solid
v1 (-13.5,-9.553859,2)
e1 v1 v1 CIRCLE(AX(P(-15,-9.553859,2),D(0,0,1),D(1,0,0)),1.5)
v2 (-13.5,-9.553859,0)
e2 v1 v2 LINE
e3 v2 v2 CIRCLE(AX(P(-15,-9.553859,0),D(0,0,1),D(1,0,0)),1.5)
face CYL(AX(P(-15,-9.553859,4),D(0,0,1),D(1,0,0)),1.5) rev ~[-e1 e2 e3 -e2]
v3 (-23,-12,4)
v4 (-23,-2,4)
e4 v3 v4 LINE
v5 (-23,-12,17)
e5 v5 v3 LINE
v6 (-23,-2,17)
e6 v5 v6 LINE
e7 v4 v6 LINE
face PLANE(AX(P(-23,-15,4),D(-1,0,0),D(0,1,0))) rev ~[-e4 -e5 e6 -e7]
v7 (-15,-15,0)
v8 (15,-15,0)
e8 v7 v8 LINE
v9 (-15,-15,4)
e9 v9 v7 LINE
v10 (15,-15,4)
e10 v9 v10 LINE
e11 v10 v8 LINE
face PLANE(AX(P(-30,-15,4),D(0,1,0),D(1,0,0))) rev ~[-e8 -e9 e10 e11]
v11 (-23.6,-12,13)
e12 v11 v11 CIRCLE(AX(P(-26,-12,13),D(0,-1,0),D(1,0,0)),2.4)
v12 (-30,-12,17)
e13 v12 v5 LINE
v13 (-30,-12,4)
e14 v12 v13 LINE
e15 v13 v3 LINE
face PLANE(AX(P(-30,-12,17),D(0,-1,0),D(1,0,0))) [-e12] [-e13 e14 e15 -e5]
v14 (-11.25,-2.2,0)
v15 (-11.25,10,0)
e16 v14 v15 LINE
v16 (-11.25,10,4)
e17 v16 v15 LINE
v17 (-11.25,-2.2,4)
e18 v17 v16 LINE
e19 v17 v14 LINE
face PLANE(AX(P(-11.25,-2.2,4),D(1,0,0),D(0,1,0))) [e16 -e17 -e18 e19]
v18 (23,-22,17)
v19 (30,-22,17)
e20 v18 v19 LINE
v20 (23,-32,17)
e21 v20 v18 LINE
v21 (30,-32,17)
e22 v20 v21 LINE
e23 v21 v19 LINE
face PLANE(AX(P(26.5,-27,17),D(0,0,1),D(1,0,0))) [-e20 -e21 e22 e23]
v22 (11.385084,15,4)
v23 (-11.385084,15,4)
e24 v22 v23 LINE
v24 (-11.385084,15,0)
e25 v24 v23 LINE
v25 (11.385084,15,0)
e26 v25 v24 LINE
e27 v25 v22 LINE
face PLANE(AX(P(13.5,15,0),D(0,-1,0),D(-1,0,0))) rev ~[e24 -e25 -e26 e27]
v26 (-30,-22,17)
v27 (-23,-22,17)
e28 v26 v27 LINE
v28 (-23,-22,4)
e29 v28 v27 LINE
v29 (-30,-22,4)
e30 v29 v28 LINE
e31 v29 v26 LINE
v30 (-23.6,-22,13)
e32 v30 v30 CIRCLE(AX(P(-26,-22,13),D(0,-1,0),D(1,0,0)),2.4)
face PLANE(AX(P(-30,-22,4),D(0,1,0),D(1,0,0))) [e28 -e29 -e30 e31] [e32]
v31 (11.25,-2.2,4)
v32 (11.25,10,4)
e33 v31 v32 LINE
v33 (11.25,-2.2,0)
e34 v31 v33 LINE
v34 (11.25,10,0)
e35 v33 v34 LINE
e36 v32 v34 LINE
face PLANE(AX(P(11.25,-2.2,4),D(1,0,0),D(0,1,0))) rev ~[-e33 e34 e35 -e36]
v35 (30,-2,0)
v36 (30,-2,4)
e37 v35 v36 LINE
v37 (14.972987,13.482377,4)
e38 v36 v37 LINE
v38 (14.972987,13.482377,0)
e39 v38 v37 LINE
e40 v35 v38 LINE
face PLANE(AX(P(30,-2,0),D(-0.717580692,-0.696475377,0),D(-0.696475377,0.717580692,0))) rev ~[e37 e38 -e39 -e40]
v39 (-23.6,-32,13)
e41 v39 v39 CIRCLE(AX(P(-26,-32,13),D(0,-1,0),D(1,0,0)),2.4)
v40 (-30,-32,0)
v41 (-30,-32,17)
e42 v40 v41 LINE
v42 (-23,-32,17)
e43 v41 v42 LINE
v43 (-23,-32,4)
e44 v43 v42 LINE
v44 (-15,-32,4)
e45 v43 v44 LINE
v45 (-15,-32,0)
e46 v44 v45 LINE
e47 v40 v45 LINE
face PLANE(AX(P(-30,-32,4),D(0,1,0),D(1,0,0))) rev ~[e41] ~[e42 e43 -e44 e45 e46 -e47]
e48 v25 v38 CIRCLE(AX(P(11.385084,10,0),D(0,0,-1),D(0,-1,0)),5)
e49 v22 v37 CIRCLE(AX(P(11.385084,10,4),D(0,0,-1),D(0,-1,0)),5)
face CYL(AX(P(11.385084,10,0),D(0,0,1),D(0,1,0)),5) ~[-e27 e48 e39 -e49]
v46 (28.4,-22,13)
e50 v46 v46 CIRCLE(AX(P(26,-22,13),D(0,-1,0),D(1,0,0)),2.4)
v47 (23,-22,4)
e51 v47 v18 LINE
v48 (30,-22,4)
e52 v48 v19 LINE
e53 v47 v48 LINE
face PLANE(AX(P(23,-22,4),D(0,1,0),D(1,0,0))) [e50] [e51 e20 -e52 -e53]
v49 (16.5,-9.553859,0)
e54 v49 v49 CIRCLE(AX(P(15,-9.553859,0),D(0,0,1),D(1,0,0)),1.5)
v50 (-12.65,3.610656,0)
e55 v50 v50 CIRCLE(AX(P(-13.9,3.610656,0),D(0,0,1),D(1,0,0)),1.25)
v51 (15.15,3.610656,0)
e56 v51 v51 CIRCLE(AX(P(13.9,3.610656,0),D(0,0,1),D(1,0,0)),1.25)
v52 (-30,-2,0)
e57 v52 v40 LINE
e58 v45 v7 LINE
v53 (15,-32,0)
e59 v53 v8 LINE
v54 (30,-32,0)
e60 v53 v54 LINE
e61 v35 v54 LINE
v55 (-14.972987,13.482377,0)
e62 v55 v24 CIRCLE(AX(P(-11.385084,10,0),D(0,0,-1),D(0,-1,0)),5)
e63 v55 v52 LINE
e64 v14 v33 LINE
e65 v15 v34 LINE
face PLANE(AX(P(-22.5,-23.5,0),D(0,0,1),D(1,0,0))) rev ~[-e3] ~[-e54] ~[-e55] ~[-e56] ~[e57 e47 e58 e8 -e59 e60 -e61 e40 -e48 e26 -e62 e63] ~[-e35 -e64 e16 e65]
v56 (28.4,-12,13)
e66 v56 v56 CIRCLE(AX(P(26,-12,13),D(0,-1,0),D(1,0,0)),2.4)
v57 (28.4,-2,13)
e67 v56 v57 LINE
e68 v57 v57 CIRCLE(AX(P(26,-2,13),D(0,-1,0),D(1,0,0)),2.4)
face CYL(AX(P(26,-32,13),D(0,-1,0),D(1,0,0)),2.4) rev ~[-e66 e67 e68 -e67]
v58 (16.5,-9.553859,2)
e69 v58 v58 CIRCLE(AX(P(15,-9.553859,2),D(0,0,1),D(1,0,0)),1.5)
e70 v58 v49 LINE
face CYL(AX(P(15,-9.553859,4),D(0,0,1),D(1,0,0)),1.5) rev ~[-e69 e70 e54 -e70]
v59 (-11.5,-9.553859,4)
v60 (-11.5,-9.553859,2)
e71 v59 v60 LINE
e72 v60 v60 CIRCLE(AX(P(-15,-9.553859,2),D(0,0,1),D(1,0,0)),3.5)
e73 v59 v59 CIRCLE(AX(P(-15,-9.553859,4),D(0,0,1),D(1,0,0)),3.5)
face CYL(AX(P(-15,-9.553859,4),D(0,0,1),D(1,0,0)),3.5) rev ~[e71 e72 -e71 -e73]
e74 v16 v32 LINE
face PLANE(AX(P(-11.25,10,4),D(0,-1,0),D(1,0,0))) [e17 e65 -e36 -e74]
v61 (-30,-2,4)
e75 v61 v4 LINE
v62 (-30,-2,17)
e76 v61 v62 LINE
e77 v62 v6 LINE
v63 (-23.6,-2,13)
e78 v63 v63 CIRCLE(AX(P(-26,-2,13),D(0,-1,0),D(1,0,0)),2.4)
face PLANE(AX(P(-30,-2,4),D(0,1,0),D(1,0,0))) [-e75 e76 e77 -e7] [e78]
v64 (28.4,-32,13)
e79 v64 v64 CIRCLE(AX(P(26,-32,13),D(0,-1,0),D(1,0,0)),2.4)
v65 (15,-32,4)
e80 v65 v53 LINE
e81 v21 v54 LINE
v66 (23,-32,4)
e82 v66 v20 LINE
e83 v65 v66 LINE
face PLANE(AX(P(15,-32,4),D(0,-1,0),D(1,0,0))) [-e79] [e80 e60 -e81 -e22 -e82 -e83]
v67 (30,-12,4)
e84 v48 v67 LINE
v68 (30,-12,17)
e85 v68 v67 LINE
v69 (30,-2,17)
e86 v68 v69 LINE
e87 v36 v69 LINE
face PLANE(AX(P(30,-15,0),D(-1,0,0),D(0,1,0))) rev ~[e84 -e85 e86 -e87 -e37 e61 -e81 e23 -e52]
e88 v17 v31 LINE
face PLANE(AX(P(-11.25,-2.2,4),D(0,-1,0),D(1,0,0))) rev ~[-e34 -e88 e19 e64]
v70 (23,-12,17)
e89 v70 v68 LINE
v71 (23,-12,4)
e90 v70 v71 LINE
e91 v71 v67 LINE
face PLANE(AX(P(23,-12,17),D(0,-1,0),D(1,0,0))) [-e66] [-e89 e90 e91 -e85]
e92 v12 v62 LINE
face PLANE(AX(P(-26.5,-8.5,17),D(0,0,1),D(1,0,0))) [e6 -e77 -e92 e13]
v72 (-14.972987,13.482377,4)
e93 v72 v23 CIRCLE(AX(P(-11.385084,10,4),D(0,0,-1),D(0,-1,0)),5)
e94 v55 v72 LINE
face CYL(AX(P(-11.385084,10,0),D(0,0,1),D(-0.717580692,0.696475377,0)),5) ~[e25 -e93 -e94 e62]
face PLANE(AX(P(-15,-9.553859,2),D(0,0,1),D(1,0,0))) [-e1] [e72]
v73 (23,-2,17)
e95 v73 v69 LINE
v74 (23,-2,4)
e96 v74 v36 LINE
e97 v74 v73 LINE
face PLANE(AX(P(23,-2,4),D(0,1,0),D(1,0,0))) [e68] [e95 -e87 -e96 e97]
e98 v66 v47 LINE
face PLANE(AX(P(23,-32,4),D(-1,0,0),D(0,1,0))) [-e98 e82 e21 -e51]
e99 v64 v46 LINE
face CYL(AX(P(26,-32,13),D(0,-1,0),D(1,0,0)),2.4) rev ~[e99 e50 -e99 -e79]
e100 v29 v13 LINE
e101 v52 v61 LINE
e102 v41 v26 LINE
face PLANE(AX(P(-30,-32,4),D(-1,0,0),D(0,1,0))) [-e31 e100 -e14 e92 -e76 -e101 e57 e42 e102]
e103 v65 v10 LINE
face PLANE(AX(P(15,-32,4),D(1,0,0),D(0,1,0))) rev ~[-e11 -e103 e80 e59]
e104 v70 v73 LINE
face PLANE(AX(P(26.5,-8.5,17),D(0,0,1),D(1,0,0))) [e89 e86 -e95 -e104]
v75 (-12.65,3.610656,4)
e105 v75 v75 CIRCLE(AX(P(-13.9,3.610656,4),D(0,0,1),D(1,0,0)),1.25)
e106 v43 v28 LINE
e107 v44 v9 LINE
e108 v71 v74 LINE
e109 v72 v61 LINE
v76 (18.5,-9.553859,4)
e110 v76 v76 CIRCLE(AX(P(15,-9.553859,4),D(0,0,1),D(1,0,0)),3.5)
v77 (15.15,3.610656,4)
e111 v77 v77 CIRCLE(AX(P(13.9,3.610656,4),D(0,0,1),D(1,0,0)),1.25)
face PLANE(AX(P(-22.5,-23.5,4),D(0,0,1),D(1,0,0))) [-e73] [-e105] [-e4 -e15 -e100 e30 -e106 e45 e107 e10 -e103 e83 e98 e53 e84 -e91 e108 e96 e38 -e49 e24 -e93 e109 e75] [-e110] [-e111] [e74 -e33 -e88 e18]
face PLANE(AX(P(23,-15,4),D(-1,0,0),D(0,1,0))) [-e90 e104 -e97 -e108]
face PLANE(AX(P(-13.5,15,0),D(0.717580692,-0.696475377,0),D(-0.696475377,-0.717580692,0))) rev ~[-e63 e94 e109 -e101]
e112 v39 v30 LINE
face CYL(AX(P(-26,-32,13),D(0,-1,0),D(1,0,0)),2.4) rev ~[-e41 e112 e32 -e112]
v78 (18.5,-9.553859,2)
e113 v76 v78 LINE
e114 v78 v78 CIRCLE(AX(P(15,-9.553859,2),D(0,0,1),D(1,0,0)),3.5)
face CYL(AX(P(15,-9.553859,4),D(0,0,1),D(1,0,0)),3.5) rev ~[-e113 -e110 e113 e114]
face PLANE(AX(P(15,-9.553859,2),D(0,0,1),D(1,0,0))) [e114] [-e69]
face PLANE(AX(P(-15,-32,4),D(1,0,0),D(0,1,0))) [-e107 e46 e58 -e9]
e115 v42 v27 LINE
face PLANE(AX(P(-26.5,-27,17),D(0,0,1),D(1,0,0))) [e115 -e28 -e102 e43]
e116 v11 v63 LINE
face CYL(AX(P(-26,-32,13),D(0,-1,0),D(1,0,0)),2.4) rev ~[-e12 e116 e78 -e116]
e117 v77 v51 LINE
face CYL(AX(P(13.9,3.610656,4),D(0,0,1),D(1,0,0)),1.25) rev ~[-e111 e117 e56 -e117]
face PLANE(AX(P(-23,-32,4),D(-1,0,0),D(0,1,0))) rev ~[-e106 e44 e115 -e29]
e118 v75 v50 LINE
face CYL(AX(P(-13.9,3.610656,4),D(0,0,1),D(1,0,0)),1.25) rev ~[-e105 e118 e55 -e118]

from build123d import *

# Parameters (mm, degrees)
EXTRUDE_1_DEPTH          = 4
SKETCH_2_R               = 1.25
SKETCH_2_R_2             = 1.5
SKETCH_2_W               = 22.5
SKETCH_2_H               = 12.2
CUT_EXTRUDE_1_DEPTH      = 5
SKETCH_3_W               = 7
SKETCH_3_H               = 13
EXTRUDE_2_DEPTH          = 13
SKETCH_4_R               = 2.15
CUT_EXTRUDE_2_DEPTH      = 1
CUT_EXTRUDE_2_DEPTH_BACK = 31
FILLET_3_R               = 5
SKETCH_5_R               = 3.5
CUT_EXTRUDE_3_DEPTH      = 2
SKETCH_6_W               = 7
SKETCH_6_H               = 3
CUT_EXTRUDE_4_DEPTH      = 13
SKETCH_7_W               = 15
SKETCH_7_H               = 17
EXTRUDE_3_DEPTH          = 4
SKETCH_8_W               = 7
SKETCH_8_H               = 10
EXTRUDE_4_DEPTH          = 13
SKETCH_9_R               = 2.4
CUT_EXTRUDE_5_DEPTH      = 48


with BuildPart() as part:
    # 草图1 → 凸台-拉伸1 (new body)
    with BuildSketch(Plane.XY):
        Polygon((-30, -15), (30, -15), (30, -2), (13.5, 15), (-13.5, 15), (-30, -2), align=None)
    extrude(amount=EXTRUDE_1_DEPTH)

    # 草图2 → 切除-拉伸1 (cut, through all)
    with BuildSketch(Plane.XY.offset(4)):
        with Locations((-13.9, 3.610655805)):
            Circle(SKETCH_2_R)
        with Locations((13.9, 3.610655805)):
            Circle(SKETCH_2_R)
        with Locations((-15, -9.553859164)):
            Circle(SKETCH_2_R_2)
        with Locations((15, -9.553859164)):
            Circle(SKETCH_2_R_2)
        with Locations((0, 3.9)):
            Rectangle(SKETCH_2_W, SKETCH_2_H)
    extrude(amount=-CUT_EXTRUDE_1_DEPTH, mode=Mode.SUBTRACT)

    # 草图3 → 凸台-拉伸2 (add)
    with BuildSketch(Plane.XY.offset(4)):
        with Locations((-26.5, -8.5)):
            Rectangle(SKETCH_3_W, SKETCH_3_H)
        with Locations((26.5, -8.5)):
            Rectangle(SKETCH_3_W, SKETCH_3_H)
    extrude(amount=EXTRUDE_2_DEPTH)

    # 草图4 → 切除-拉伸2 (cut, two sides)
    with BuildSketch(Plane(origin=(0, -15, 0), x_dir=(-1, 0, 0), z_dir=(0, -1, 0))) as cut_extrude_2_sk:
        with Locations((26, -13)):
            Circle(SKETCH_4_R)
        with Locations((-26, -13)):
            Circle(SKETCH_4_R)
    extrude(amount=CUT_EXTRUDE_2_DEPTH, mode=Mode.SUBTRACT)
    extrude(cut_extrude_2_sk.sketch, amount=-CUT_EXTRUDE_2_DEPTH_BACK, mode=Mode.SUBTRACT)

    # 圆角3
    fillet_3_edges = [part.edges().sort_by_distance(p)[0] for p in [
        (-13.5, 15, 2),
        (13.5, 15, 2),
    ]]
    fillet(fillet_3_edges, radius=FILLET_3_R)

    # 草图5 → 切除-拉伸3 (cut)
    with BuildSketch(Plane.XY.offset(4)):
        with Locations((-15, -9.553859164)):
            Circle(SKETCH_5_R)
        with Locations((15, -9.553859164)):
            Circle(SKETCH_5_R)
    extrude(amount=-CUT_EXTRUDE_3_DEPTH, mode=Mode.SUBTRACT)

    # 草图6 → 切除-拉伸4 (cut)
    with BuildSketch(Plane.XY.offset(17)):
        with Locations((-26.5, -13.5)):
            Rectangle(SKETCH_6_W, SKETCH_6_H)
        with Locations((26.5, -13.5)):
            Rectangle(SKETCH_6_W, SKETCH_6_H)
    extrude(amount=-CUT_EXTRUDE_4_DEPTH, mode=Mode.SUBTRACT)

    # 草图7 → 凸台-拉伸3 (add)
    with BuildSketch(Plane.XY.offset(4)):
        with Locations((-22.5, -23.5)):
            Rectangle(SKETCH_7_W, SKETCH_7_H)
        with Locations((22.5, -23.5)):
            Rectangle(SKETCH_7_W, SKETCH_7_H)
    extrude(amount=-EXTRUDE_3_DEPTH)

    # 草图8 → 凸台-拉伸4 (add)
    with BuildSketch(Plane.XY.offset(4)):
        with Locations((-26.5, -27)):
            Rectangle(SKETCH_8_W, SKETCH_8_H)
        with Locations((26.5, -27)):
            Rectangle(SKETCH_8_W, SKETCH_8_H)
    extrude(amount=EXTRUDE_4_DEPTH)

    # 草图9 → 切除-拉伸5 (cut, through all)
    with BuildSketch(Plane.XZ.offset(32)):
        with Locations((-26, 13)):
            Circle(SKETCH_9_R)
        with Locations((26, 13)):
            Circle(SKETCH_9_R)
    extrude(amount=-CUT_EXTRUDE_5_DEPTH, mode=Mode.SUBTRACT)


solid = part.part
